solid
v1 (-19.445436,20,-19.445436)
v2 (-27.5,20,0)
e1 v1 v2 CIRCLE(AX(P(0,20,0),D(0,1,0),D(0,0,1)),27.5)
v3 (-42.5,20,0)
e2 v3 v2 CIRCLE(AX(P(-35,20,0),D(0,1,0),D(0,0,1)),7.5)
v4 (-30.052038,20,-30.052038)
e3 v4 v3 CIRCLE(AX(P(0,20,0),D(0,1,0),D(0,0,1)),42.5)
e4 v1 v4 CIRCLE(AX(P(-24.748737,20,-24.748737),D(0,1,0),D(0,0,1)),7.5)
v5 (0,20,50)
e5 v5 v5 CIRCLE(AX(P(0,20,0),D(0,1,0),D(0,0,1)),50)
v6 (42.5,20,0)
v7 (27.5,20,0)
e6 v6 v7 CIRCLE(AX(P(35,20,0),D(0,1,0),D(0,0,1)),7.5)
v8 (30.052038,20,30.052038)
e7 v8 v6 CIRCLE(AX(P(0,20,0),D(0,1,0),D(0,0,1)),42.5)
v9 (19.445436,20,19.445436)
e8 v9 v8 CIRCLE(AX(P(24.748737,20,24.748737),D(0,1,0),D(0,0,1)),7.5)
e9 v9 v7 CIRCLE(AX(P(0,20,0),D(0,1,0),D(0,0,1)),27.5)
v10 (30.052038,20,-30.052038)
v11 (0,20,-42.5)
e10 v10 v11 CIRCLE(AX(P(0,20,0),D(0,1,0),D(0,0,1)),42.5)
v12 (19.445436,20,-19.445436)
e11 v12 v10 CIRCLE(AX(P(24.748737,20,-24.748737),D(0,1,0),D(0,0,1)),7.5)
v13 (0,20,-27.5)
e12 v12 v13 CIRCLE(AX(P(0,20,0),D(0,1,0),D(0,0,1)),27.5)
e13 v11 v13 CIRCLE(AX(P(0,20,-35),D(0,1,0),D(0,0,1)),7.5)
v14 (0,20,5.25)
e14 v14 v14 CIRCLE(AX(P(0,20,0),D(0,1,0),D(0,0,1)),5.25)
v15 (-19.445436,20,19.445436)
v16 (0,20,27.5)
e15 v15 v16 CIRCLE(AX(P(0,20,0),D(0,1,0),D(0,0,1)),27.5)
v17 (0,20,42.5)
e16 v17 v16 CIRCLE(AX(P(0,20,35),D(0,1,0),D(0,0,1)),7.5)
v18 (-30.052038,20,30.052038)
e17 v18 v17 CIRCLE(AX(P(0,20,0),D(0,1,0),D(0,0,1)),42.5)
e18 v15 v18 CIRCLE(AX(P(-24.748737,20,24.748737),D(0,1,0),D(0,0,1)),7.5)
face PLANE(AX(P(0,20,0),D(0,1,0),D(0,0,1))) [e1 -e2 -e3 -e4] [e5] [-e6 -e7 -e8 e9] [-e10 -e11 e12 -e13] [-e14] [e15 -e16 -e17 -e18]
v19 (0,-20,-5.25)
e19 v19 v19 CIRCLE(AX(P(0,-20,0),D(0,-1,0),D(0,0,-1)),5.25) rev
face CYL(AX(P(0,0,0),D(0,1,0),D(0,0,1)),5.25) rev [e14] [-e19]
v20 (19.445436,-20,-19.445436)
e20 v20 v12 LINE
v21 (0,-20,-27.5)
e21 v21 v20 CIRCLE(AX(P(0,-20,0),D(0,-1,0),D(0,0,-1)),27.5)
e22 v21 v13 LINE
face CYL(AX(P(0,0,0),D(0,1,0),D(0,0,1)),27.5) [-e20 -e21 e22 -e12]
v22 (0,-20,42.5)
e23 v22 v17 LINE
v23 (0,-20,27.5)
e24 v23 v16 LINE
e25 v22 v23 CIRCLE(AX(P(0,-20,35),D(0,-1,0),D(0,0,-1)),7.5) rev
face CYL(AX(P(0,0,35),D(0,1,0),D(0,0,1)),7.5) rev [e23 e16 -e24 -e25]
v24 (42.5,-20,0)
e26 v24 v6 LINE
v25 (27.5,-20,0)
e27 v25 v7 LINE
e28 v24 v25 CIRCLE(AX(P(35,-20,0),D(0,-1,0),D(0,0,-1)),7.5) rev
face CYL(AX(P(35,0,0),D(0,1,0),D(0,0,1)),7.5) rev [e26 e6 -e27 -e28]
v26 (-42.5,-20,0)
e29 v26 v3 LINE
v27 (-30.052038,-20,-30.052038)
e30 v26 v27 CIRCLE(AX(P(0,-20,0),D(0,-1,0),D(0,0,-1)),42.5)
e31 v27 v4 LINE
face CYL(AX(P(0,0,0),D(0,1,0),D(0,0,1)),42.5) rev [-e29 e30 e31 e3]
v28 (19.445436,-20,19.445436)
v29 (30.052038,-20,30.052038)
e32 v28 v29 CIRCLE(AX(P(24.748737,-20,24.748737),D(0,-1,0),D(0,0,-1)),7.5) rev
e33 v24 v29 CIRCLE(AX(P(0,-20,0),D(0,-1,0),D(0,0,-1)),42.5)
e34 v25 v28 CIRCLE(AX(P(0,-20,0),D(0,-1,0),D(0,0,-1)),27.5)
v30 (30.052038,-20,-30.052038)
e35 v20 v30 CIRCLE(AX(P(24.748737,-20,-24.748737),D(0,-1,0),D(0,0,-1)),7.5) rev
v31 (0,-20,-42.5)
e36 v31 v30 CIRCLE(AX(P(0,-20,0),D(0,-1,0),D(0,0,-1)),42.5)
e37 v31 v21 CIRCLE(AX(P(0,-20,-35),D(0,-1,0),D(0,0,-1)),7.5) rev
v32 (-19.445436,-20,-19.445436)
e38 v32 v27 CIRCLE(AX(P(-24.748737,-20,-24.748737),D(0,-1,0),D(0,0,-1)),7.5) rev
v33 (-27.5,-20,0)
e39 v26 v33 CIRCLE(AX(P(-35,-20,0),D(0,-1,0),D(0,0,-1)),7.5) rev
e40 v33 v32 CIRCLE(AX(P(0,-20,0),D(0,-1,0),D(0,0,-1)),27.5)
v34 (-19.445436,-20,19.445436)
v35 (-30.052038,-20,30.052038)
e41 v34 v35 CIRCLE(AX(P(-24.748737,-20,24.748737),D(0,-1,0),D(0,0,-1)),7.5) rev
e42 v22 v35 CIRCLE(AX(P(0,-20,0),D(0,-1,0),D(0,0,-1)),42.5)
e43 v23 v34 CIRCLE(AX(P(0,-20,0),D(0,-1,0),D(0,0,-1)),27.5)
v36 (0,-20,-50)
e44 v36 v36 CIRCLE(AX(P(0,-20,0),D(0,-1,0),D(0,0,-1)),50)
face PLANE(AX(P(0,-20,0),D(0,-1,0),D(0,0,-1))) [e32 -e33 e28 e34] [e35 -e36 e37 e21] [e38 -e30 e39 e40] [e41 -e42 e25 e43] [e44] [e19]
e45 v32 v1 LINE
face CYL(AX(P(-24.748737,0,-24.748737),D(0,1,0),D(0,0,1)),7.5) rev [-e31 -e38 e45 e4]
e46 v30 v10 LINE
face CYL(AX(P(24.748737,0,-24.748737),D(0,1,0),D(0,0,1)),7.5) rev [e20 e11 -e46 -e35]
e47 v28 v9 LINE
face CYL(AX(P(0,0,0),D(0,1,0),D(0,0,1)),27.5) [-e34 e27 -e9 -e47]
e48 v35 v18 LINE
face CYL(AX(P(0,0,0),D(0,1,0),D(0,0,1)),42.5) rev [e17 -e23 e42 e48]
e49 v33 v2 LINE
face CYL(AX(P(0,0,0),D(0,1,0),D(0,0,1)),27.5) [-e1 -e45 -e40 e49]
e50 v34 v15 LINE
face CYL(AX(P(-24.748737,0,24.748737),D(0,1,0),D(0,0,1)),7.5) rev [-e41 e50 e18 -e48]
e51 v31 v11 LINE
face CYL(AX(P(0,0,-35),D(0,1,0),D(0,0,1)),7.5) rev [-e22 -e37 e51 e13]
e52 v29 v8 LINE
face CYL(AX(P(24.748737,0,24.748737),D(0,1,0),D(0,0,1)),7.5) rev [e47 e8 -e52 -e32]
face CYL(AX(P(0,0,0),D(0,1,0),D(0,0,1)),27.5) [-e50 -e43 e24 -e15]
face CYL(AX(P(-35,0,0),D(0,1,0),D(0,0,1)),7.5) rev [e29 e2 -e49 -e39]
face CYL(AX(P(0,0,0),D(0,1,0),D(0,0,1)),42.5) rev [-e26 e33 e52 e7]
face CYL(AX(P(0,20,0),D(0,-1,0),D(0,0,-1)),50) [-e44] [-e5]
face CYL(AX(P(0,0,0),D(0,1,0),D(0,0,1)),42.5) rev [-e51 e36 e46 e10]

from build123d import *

# Parameters (mm, degrees)
SKETCH_1_R          = 50
EXTRUDE_1_DEPTH     = 20
SKETCH_2_R          = 5.25
CUT_EXTRUDE_1_DEPTH = 20
CUT_EXTRUDE_2_DEPTH = 20
SKETCH_4_R          = 50
SKETCH_4_R_2        = 5.25
EXTRUDE_2_DEPTH     = 20


with BuildPart() as part:
    # 草图1 → 凸台-拉伸1 (new body)
    with BuildSketch(Plane(origin=(0, 0, 0), x_dir=(1, 0, 0), z_dir=(0, 1, 0))):
        with Locations(Location((0, 0, 0), (0, 0, 270))):
            Circle(SKETCH_1_R)
    extrude(amount=EXTRUDE_1_DEPTH)

    # 草图2 → 切除-拉伸1 (cut)
    with BuildSketch(Plane(origin=(0, 20, 0), x_dir=(1, 0, 0), z_dir=(0, 1, 0))):
        with Locations(Location((0, 0, 0), (0, 0, 270))):
            Circle(SKETCH_2_R)
    extrude(amount=-CUT_EXTRUDE_1_DEPTH, mode=Mode.SUBTRACT)

    # 草图3 → 切除-拉伸2 (cut)
    with BuildSketch(Plane(origin=(0, 20, 0), x_dir=(1, 0, 0), z_dir=(0, 1, 0))):
        with BuildLine():
            ThreePointArc((42.5, 0), (35, 7.5), (27.5, 0))
            ThreePointArc((27.5, 0), (25.406687144, -10.52379439), (19.445436483, -19.445436483))
            ThreePointArc((19.445436483, -19.445436483), (19.445436477, -30.052038195), (30.052038189, -30.052038212))
            ThreePointArc((30.052038189, -30.052038212), (39.264880129, -16.264045883), (42.5, 0))
        make_face()
        with BuildLine():
            ThreePointArc((2e-09, 27.5), (10.523794391, 25.406687144), (19.445436483, 19.445436483))
            ThreePointArc((19.445436483, 19.445436483), (30.0520382, 19.445436483), (30.0520382, 30.0520382))
            ThreePointArc((30.0520382, 30.0520382), (16.264045902, 39.264880121), (5.8e-08, 42.5))
            ThreePointArc((5.8e-08, 42.5), (-7.5, 35.000000028), (2e-09, 27.5))
        make_face()
        with BuildLine():
            ThreePointArc((-30.0520382, -30.0520382), (-16.264045799, -39.264880163), (1.65e-07, -42.5))
            ThreePointArc((1.65e-07, -42.5), (7.5, -34.999999948), (6.1e-08, -27.5))
            ThreePointArc((6.1e-08, -27.5), (-10.523794348, -25.406687162), (-19.44543646, -19.445436505))
            ThreePointArc((-19.44543646, -19.445436505), (-30.052038189, -19.445436472), (-30.0520382, -30.0520382))
        make_face()
        with BuildLine():
            ThreePointArc((-27.5, 0), (-25.406687154, 10.523794365), (-19.445436521, 19.445436445))
            ThreePointArc((-19.445436521, 19.445436445), (-19.445436492, 30.05203821), (-30.052038258, 30.052038143))
            ThreePointArc((-30.052038258, 30.052038143), (-39.264880164, 16.264045797), (-42.5, -8.9e-08))
            ThreePointArc((-42.5, -8.9e-08), (-34.999999956, -7.5), (-27.5, 0))
        make_face()
    extrude(amount=-CUT_EXTRUDE_2_DEPTH, mode=Mode.SUBTRACT)

    # 草图4 → 凸台-拉伸2 (add)
    # profile 1 of 6: a face of its own
    with BuildSketch(Plane.XZ):
        with Locations(Location((0, 0, 0), (0, 0, 270))):
            Circle(SKETCH_4_R)
        with BuildLine():
            ThreePointArc((30.0520382, 30.0520382), (39.264880132, 16.264045876), (42.5, 0))
            ThreePointArc((42.5, 0), (39.264880132, -16.264045876), (30.0520382, -30.0520382))
            ThreePointArc((30.0520382, -30.0520382), (16.264045876, -39.264880132), (0, -42.5))
            ThreePointArc((0, -42.5), (-16.264045876, -39.264880132), (-30.0520382, -30.0520382))
            ThreePointArc((-30.0520382, -30.0520382), (-39.264880132, -16.264045876), (-42.5, 0))
            ThreePointArc((-42.5, 0), (-39.264880132, 16.264045876), (-30.0520382, 30.0520382))
            ThreePointArc((-30.0520382, 30.0520382), (-16.264045876, 39.264880132), (0, 42.5))
            ThreePointArc((0, 42.5), (16.264045876, 39.264880132), (30.0520382, 30.0520382))
        make_face(mode=Mode.SUBTRACT)
    # profile 2 of 6: a face of its own
    with BuildSketch(Plane.XZ):
        with BuildLine():
            ThreePointArc((0, -42.5), (-7.5, -35), (0, -27.5))
            ThreePointArc((0, -27.5), (-10.52379439, -25.406687144), (-19.445436483, -19.445436483))
            ThreePointArc((-19.445436483, -19.445436483), (-19.445436483, -30.0520382), (-30.0520382, -30.0520382))
            ThreePointArc((-30.0520382, -30.0520382), (-16.264045876, -39.264880132), (0, -42.5))
        make_face()
    # profile 3 of 6: a face of its own
    with BuildSketch(Plane.XZ):
        with BuildLine():
            ThreePointArc((-27.5, 0), (-25.406687144, 10.52379439), (-19.445436483, 19.445436483))
            ThreePointArc((-19.445436483, 19.445436483), (-30.0520382, 19.445436483), (-30.0520382, 30.0520382))
            ThreePointArc((-30.0520382, 30.0520382), (-39.264880132, 16.264045876), (-42.5, 0))
            ThreePointArc((-42.5, 0), (-35, 7.5), (-27.5, 0))
        make_face()
    # profile 4 of 6: a face of its own
    with BuildSketch(Plane.XZ):
        with BuildLine():
            ThreePointArc((0, 27.5), (10.52379439, 25.406687144), (19.445436483, 19.445436483))
            ThreePointArc((19.445436483, 19.445436483), (19.445436483, 30.0520382), (30.0520382, 30.0520382))
            ThreePointArc((30.0520382, 30.0520382), (16.264045876, 39.264880132), (0, 42.5))
            ThreePointArc((0, 42.5), (7.5, 35), (0, 27.5))
        make_face()
    # profile 5 of 6: a face of its own
    with BuildSketch(Plane.XZ):
        with BuildLine():
            ThreePointArc((19.445436483, -19.445436483), (25.406687144, -10.52379439), (27.5, 0))
            ThreePointArc((27.5, 0), (25.406687144, 10.52379439), (19.445436483, 19.445436483))
            ThreePointArc((19.445436483, 19.445436483), (10.52379439, 25.406687144), (0, 27.5))
            ThreePointArc((0, 27.5), (-10.52379439, 25.406687144), (-19.445436483, 19.445436483))
            ThreePointArc((-19.445436483, 19.445436483), (-25.406687144, 10.52379439), (-27.5, 0))
            ThreePointArc((-27.5, 0), (-25.406687144, -10.52379439), (-19.445436483, -19.445436483))
            ThreePointArc((-19.445436483, -19.445436483), (-10.52379439, -25.406687144), (0, -27.5))
            ThreePointArc((0, -27.5), (10.52379439, -25.406687144), (19.445436483, -19.445436483))
        make_face()
        with Locations(Location((0, 0, 0), (0, 0, 90))):
            Circle(SKETCH_4_R_2, mode=Mode.SUBTRACT)
    # profile 6 of 6: a face of its own
    with BuildSketch(Plane.XZ):
        with BuildLine():
            ThreePointArc((42.5, 0), (35, -7.5), (27.5, 0))
            ThreePointArc((27.5, 0), (25.406687144, -10.52379439), (19.445436483, -19.445436483))
            ThreePointArc((19.445436483, -19.445436483), (30.0520382, -19.445436483), (30.0520382, -30.0520382))
            ThreePointArc((30.0520382, -30.0520382), (39.264880132, -16.264045876), (42.5, 0))
        make_face()
    extrude(amount=EXTRUDE_2_DEPTH)


solid = part.part
